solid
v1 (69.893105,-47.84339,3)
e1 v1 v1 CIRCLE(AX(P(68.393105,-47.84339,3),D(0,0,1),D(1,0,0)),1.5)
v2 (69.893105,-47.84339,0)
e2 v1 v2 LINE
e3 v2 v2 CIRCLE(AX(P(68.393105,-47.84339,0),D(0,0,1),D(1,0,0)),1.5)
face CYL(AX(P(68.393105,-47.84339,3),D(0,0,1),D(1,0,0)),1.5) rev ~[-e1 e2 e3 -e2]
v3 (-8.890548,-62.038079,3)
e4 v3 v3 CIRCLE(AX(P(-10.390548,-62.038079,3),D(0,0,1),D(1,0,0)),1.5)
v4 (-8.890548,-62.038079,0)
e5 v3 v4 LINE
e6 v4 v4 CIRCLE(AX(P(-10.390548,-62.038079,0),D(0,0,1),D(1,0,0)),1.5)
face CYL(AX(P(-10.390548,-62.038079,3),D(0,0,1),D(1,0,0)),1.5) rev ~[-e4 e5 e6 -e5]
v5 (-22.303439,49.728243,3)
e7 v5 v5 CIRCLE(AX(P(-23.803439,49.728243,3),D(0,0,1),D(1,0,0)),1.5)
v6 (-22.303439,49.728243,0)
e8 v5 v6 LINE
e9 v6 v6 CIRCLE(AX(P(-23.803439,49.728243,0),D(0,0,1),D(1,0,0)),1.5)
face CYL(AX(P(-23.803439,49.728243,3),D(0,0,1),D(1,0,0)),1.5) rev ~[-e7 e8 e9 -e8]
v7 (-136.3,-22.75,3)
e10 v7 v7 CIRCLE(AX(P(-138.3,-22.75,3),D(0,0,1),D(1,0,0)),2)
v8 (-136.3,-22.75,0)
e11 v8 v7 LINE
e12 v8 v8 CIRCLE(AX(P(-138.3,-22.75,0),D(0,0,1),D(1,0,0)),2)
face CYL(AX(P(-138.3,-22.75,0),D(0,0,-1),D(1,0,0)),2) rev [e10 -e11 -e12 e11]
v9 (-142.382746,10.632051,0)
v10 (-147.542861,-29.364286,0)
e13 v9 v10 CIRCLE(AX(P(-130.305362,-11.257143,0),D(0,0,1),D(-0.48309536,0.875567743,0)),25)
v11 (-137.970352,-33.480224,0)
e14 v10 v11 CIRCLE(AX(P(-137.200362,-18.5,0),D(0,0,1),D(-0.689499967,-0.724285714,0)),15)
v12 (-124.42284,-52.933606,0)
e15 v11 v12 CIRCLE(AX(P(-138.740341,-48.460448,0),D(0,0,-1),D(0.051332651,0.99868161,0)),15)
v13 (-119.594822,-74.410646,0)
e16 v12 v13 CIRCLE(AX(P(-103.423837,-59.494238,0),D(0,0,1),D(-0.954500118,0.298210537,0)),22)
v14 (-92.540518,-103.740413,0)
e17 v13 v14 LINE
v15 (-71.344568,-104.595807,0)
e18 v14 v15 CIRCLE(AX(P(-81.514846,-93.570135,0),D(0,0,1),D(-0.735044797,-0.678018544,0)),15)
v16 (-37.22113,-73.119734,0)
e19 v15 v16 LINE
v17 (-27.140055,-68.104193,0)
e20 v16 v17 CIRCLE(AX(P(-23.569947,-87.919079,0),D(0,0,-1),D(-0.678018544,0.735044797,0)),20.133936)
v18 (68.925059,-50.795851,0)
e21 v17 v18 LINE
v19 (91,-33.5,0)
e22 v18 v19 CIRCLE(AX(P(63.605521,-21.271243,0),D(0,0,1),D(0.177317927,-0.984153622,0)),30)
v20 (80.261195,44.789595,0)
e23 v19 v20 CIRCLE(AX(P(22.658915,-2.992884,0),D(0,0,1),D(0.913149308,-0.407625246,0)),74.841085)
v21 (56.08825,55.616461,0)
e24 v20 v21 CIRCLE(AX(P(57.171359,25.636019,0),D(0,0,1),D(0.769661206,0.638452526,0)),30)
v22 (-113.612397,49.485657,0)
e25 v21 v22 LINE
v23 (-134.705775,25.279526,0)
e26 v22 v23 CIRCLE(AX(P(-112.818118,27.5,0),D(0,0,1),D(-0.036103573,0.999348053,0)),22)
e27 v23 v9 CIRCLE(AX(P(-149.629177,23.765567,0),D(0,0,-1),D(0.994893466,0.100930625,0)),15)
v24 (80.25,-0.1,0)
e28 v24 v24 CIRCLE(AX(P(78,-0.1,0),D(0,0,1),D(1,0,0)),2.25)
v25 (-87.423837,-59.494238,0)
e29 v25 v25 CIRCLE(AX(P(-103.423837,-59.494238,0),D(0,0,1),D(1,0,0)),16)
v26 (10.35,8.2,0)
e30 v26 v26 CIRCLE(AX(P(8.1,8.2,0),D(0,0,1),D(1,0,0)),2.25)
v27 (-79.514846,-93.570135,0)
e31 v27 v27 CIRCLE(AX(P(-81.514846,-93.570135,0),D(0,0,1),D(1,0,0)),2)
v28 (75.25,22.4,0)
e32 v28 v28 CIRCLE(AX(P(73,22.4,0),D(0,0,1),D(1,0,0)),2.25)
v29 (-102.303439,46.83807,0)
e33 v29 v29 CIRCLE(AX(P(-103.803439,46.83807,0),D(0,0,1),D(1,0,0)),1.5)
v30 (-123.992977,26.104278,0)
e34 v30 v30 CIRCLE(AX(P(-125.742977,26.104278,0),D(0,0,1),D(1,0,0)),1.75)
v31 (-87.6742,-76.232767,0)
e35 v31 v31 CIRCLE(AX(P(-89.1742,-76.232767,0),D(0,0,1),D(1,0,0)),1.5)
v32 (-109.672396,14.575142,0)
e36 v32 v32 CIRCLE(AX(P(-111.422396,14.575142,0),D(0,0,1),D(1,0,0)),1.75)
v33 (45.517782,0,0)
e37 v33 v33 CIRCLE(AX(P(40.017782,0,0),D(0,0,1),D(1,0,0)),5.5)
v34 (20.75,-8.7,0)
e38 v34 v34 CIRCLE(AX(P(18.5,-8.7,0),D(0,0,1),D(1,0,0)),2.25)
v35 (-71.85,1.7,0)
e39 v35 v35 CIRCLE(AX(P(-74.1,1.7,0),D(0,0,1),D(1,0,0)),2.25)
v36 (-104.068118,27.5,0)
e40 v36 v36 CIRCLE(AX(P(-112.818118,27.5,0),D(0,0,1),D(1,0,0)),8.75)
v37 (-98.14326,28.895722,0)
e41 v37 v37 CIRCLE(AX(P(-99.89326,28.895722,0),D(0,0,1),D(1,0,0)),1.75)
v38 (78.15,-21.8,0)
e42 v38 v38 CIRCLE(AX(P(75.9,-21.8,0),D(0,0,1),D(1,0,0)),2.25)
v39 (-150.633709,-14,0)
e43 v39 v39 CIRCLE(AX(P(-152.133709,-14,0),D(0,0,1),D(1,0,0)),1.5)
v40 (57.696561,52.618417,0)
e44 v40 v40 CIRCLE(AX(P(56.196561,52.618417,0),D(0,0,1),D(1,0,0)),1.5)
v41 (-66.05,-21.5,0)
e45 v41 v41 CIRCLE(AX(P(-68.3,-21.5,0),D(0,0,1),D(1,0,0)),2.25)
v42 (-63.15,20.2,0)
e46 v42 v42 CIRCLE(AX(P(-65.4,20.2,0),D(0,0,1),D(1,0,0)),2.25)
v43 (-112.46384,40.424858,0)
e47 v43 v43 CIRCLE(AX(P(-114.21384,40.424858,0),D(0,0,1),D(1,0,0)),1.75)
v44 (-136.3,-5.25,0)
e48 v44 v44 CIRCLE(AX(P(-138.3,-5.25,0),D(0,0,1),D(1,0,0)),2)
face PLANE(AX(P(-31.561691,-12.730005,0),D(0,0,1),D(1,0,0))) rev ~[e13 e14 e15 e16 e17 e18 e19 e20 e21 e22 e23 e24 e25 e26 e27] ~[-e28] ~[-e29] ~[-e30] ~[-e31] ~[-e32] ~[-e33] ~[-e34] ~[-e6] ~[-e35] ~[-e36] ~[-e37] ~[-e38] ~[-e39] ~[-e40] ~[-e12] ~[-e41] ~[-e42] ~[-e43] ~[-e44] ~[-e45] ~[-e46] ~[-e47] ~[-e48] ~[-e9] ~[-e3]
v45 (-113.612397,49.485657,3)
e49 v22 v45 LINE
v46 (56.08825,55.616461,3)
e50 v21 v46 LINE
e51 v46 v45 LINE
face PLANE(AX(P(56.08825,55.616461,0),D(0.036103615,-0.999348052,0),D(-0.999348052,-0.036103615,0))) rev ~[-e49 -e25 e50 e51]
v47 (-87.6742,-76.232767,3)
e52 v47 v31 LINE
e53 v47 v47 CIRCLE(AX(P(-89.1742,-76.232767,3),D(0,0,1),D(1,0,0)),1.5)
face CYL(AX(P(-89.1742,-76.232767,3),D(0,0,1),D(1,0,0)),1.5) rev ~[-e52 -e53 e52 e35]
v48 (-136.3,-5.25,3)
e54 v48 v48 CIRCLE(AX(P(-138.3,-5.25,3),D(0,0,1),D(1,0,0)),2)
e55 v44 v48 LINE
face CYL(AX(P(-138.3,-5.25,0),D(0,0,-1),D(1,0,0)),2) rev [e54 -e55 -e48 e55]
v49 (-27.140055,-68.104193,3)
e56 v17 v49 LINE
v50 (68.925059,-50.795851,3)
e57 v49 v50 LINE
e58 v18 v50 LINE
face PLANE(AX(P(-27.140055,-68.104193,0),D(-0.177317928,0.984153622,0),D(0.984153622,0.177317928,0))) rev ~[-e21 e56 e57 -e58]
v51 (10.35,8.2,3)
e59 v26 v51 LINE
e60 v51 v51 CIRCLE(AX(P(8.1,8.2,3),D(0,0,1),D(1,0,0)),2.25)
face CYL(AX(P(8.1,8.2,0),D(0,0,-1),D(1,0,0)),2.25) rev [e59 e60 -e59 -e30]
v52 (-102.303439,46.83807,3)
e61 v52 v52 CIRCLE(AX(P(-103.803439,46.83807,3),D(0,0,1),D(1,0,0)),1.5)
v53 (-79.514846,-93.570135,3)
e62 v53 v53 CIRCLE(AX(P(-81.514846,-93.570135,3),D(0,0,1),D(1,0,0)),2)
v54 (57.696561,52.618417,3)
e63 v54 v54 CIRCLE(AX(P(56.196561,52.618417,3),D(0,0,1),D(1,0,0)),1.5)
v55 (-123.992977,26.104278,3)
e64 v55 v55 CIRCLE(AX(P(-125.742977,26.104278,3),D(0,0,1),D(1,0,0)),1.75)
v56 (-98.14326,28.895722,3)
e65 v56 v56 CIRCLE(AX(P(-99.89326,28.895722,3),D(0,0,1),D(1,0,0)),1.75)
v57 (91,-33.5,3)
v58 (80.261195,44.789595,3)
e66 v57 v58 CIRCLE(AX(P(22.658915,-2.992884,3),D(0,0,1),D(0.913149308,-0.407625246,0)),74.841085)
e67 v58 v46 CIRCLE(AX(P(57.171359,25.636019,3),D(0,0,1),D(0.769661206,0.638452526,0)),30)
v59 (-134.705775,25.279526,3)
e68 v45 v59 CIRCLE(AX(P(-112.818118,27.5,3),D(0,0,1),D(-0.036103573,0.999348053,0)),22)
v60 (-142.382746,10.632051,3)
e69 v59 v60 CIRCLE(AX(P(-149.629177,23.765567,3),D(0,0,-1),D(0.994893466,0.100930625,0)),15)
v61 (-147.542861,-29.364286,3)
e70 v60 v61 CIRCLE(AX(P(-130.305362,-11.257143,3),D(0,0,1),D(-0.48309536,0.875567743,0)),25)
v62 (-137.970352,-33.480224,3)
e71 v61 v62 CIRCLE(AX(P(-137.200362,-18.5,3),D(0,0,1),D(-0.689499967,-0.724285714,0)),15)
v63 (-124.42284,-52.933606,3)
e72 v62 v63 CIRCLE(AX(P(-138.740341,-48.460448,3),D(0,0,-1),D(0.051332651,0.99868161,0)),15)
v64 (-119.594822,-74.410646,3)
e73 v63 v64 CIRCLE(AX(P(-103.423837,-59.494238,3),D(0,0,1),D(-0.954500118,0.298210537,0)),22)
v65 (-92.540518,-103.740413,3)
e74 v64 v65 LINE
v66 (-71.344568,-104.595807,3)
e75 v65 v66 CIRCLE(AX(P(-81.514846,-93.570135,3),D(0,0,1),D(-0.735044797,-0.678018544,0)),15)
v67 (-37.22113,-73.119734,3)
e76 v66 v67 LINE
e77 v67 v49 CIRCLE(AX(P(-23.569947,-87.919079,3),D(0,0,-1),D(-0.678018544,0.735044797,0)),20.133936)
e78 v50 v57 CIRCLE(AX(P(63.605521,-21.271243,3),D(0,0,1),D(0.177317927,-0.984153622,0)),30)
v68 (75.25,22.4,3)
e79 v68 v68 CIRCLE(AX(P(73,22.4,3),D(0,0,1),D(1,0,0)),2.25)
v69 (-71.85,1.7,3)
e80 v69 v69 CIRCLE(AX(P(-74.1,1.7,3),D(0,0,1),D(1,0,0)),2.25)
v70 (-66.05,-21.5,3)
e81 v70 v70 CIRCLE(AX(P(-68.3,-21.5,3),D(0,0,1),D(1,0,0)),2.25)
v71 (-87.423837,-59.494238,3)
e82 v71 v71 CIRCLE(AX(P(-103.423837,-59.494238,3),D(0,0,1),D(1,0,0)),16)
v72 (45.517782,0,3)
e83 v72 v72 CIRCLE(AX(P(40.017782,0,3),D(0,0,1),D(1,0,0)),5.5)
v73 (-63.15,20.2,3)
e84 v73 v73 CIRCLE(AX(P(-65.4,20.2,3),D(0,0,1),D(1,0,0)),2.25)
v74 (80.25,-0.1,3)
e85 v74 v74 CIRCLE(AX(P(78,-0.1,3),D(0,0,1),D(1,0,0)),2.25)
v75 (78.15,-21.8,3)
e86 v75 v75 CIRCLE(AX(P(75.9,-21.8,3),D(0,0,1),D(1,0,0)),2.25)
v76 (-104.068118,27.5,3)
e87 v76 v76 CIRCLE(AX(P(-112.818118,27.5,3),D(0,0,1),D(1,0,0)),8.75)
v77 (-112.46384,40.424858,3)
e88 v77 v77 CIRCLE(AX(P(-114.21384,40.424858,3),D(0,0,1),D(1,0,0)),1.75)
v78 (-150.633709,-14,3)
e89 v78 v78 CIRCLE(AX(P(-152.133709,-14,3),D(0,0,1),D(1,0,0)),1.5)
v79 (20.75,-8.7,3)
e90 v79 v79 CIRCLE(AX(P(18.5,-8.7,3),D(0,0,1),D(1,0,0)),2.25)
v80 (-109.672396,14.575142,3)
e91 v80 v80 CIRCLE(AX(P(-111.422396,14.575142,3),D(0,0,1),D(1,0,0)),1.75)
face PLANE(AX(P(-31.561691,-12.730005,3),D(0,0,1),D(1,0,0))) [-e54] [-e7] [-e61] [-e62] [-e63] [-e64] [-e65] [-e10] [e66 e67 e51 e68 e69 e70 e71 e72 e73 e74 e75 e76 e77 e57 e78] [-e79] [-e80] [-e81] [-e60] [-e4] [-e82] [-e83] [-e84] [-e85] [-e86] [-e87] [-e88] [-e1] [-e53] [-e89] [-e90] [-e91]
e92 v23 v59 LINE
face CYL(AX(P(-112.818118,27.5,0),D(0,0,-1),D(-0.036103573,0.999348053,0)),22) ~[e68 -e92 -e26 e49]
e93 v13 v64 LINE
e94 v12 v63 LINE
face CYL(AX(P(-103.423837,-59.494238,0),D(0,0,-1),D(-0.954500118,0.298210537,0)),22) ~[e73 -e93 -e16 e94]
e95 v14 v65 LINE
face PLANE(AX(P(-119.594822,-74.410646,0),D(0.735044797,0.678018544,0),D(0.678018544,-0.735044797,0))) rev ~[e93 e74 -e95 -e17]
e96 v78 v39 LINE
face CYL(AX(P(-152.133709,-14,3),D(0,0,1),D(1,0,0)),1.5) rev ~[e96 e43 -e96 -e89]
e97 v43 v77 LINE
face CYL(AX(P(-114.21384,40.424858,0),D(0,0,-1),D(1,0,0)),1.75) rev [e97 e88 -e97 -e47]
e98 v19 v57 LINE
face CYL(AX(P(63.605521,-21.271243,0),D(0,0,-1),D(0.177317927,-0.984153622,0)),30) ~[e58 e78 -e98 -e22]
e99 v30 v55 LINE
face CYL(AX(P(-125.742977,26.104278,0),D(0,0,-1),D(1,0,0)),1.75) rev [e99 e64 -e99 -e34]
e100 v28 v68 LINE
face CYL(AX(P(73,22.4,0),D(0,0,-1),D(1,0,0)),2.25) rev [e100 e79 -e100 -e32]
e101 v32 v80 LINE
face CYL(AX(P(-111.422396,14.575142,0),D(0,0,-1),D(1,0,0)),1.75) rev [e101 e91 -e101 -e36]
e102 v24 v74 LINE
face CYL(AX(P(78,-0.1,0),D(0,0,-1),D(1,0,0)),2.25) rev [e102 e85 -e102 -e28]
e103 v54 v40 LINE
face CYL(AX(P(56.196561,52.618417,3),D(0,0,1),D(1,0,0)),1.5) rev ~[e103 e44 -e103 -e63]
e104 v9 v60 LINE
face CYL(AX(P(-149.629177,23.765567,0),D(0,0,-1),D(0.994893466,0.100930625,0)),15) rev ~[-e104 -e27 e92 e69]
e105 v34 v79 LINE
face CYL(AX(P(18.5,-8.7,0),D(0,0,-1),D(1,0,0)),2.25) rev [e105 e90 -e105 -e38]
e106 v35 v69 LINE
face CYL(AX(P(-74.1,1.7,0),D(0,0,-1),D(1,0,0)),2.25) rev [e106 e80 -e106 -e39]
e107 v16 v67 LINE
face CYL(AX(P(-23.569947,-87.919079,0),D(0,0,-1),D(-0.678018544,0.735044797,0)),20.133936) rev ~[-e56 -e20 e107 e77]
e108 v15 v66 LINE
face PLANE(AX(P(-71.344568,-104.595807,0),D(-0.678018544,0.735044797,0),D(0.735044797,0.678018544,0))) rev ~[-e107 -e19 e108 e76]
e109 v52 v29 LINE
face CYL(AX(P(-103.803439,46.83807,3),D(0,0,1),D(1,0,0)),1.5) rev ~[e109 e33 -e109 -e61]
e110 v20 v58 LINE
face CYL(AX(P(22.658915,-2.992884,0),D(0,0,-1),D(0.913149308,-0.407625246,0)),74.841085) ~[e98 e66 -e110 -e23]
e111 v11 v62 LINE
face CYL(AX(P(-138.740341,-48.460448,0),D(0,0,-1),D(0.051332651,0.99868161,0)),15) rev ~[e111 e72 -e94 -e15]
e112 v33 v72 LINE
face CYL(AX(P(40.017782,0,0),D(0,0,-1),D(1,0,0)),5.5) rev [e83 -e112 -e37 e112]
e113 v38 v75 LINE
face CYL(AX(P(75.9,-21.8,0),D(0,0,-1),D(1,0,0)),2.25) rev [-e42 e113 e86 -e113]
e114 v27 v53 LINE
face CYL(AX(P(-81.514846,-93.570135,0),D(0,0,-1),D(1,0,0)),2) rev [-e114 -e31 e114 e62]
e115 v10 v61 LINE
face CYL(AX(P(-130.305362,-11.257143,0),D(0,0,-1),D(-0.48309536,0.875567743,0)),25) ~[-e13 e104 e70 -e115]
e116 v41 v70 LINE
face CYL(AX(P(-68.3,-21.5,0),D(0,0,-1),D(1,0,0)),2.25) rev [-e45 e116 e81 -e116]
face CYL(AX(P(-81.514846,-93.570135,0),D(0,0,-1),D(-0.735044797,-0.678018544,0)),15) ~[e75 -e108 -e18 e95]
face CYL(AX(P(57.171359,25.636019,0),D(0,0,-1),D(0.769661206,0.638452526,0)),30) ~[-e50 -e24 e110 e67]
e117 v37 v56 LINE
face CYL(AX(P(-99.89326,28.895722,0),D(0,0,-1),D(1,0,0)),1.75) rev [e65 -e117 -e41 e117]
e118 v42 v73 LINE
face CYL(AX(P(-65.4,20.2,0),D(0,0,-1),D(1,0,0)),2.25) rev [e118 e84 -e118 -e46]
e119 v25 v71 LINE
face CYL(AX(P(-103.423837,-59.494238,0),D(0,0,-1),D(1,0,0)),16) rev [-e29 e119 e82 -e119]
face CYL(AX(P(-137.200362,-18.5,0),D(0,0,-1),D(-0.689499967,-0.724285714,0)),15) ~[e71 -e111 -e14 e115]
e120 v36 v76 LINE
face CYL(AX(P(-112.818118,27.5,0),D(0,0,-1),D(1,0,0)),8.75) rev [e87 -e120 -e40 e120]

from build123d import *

# Parameters (mm, degrees)
SKETCH1_R           = 2
SKETCH1_R_2         = 16
SKETCH1_R_3         = 2.25
SKETCH1_R_4         = 5.5
SKETCH1_R_5         = 1.75
SKETCH1_R_6         = 8.75
BOSS_EXTRUDE1_DEPTH = 3
SKETCH2_R           = 1.5
CUT_EXTRUDE1_DEPTH  = 190.515777006


with BuildPart() as part:
    # Sketch1 → Boss-Extrude1 (new body)
    with BuildSketch(Plane.XY):
        with BuildLine():
            ThreePointArc((-137.970351553, -33.480224156), (-126.431132561, -39.888203569), (-124.422839539, -52.93360637))
            ThreePointArc((-124.422839539, -52.93360637), (-124.888175134, -64.31939994), (-119.594822483, -74.410646153))
            Line((-119.594822483, -74.410646153), (-92.540517723, -103.740413224))
            ThreePointArc((-92.540517723, -103.740413224), (-82.119700521, -108.557935129), (-71.344567605, -104.595807028))
            Line((-71.344567605, -104.595807028), (-37.221129556, -73.119733925))
            ThreePointArc((-37.221129556, -73.119733925), (-32.538343047, -69.892896145), (-27.140055215, -68.104192696))
            Line((-27.140055215, -68.104192696), (68.925058584, -50.795851294))
            ThreePointArc((68.925058584, -50.795851294), (82.107908339, -44.886103489), (91, -33.5))
            ThreePointArc((91, -33.5), (96.805715124, 7.17766304), (80.26119478, 44.789595257))
            ThreePointArc((80.26119478, 44.789595257), (69.434281248, 53.01522195), (56.08825014, 55.616461034))
            Line((56.08825014, 55.616461034), (-113.612396892, 49.485657177))
            ThreePointArc((-113.612396892, 49.485657177), (-129.404309407, 41.953313258), (-134.705774542, 25.279526249))
            ThreePointArc((-134.705774542, 25.279526249), (-136.343375771, 16.802270376), (-142.382746132, 10.632050724))
            ThreePointArc((-142.382746132, 10.632050724), (-155.099864059, -8.058287742), (-147.542861296, -29.364285714))
            ThreePointArc((-147.542861296, -29.364285714), (-143.125485566, -32.280163581), (-137.970351553, -33.480224156))
        make_face()
        with Locations((-81.514845762, -93.570135067)):
            Circle(SKETCH1_R, mode=Mode.SUBTRACT)
        with Locations((-103.42383694, -59.494238188)):
            Circle(SKETCH1_R_2, mode=Mode.SUBTRACT)
        with Locations((-138.3, -22.75)):
            Circle(SKETCH1_R, mode=Mode.SUBTRACT)
        with Locations((-138.3, -5.25)):
            Circle(SKETCH1_R, mode=Mode.SUBTRACT)
        with Locations((-68.3, -21.5)):
            Circle(SKETCH1_R_3, mode=Mode.SUBTRACT)
        with Locations((-74.1, 1.7)):
            Circle(SKETCH1_R_3, mode=Mode.SUBTRACT)
        with Locations((-65.4, 20.2)):
            Circle(SKETCH1_R_3, mode=Mode.SUBTRACT)
        with Locations((18.5, -8.7)):
            Circle(SKETCH1_R_3, mode=Mode.SUBTRACT)
        with Locations((8.1, 8.2)):
            Circle(SKETCH1_R_3, mode=Mode.SUBTRACT)
        with Locations((75.9, -21.8)):
            Circle(SKETCH1_R_3, mode=Mode.SUBTRACT)
        with Locations((40.017782272, 0)):
            Circle(SKETCH1_R_4, mode=Mode.SUBTRACT)
        with Locations((78, -0.1)):
            Circle(SKETCH1_R_3, mode=Mode.SUBTRACT)
        with Locations((73, 22.4)):
            Circle(SKETCH1_R_3, mode=Mode.SUBTRACT)
        with Locations((-114.213840088, 40.424858245)):
            Circle(SKETCH1_R_5, mode=Mode.SUBTRACT)
        with Locations((-111.422396488, 14.575141755)):
            Circle(SKETCH1_R_5, mode=Mode.SUBTRACT)
        with Locations((-125.742976533, 26.1042782)):
            Circle(SKETCH1_R_5, mode=Mode.SUBTRACT)
        with Locations((-112.818118288, 27.5)):
            Circle(SKETCH1_R_6, mode=Mode.SUBTRACT)
        with Locations((-99.893260043, 28.8957218)):
            Circle(SKETCH1_R_5, mode=Mode.SUBTRACT)
    extrude(amount=BOSS_EXTRUDE1_DEPTH)

    # Sketch2 → Cut-Extrude1 (cut, through all)
    with BuildSketch(Plane.XY.offset(3)):
        with Locations((56.196560986, 52.618416878)):
            Circle(SKETCH2_R)
        with Locations((-23.803439014, 49.728243404)):
            Circle(SKETCH2_R)
        with Locations((-103.803439014, 46.83806993)):
            Circle(SKETCH2_R)
        with Locations((68.393104802, -47.843390427)):
            Circle(SKETCH2_R)
        with Locations((-10.390547842, -62.038078831)):
            Circle(SKETCH2_R)
        with Locations((-152.133709173, -14)):
            Circle(SKETCH2_R)
        with Locations((-89.174200485, -76.232767235)):
            Circle(SKETCH2_R)
    extrude(amount=-CUT_EXTRUDE1_DEPTH, mode=Mode.SUBTRACT)


solid = part.part
